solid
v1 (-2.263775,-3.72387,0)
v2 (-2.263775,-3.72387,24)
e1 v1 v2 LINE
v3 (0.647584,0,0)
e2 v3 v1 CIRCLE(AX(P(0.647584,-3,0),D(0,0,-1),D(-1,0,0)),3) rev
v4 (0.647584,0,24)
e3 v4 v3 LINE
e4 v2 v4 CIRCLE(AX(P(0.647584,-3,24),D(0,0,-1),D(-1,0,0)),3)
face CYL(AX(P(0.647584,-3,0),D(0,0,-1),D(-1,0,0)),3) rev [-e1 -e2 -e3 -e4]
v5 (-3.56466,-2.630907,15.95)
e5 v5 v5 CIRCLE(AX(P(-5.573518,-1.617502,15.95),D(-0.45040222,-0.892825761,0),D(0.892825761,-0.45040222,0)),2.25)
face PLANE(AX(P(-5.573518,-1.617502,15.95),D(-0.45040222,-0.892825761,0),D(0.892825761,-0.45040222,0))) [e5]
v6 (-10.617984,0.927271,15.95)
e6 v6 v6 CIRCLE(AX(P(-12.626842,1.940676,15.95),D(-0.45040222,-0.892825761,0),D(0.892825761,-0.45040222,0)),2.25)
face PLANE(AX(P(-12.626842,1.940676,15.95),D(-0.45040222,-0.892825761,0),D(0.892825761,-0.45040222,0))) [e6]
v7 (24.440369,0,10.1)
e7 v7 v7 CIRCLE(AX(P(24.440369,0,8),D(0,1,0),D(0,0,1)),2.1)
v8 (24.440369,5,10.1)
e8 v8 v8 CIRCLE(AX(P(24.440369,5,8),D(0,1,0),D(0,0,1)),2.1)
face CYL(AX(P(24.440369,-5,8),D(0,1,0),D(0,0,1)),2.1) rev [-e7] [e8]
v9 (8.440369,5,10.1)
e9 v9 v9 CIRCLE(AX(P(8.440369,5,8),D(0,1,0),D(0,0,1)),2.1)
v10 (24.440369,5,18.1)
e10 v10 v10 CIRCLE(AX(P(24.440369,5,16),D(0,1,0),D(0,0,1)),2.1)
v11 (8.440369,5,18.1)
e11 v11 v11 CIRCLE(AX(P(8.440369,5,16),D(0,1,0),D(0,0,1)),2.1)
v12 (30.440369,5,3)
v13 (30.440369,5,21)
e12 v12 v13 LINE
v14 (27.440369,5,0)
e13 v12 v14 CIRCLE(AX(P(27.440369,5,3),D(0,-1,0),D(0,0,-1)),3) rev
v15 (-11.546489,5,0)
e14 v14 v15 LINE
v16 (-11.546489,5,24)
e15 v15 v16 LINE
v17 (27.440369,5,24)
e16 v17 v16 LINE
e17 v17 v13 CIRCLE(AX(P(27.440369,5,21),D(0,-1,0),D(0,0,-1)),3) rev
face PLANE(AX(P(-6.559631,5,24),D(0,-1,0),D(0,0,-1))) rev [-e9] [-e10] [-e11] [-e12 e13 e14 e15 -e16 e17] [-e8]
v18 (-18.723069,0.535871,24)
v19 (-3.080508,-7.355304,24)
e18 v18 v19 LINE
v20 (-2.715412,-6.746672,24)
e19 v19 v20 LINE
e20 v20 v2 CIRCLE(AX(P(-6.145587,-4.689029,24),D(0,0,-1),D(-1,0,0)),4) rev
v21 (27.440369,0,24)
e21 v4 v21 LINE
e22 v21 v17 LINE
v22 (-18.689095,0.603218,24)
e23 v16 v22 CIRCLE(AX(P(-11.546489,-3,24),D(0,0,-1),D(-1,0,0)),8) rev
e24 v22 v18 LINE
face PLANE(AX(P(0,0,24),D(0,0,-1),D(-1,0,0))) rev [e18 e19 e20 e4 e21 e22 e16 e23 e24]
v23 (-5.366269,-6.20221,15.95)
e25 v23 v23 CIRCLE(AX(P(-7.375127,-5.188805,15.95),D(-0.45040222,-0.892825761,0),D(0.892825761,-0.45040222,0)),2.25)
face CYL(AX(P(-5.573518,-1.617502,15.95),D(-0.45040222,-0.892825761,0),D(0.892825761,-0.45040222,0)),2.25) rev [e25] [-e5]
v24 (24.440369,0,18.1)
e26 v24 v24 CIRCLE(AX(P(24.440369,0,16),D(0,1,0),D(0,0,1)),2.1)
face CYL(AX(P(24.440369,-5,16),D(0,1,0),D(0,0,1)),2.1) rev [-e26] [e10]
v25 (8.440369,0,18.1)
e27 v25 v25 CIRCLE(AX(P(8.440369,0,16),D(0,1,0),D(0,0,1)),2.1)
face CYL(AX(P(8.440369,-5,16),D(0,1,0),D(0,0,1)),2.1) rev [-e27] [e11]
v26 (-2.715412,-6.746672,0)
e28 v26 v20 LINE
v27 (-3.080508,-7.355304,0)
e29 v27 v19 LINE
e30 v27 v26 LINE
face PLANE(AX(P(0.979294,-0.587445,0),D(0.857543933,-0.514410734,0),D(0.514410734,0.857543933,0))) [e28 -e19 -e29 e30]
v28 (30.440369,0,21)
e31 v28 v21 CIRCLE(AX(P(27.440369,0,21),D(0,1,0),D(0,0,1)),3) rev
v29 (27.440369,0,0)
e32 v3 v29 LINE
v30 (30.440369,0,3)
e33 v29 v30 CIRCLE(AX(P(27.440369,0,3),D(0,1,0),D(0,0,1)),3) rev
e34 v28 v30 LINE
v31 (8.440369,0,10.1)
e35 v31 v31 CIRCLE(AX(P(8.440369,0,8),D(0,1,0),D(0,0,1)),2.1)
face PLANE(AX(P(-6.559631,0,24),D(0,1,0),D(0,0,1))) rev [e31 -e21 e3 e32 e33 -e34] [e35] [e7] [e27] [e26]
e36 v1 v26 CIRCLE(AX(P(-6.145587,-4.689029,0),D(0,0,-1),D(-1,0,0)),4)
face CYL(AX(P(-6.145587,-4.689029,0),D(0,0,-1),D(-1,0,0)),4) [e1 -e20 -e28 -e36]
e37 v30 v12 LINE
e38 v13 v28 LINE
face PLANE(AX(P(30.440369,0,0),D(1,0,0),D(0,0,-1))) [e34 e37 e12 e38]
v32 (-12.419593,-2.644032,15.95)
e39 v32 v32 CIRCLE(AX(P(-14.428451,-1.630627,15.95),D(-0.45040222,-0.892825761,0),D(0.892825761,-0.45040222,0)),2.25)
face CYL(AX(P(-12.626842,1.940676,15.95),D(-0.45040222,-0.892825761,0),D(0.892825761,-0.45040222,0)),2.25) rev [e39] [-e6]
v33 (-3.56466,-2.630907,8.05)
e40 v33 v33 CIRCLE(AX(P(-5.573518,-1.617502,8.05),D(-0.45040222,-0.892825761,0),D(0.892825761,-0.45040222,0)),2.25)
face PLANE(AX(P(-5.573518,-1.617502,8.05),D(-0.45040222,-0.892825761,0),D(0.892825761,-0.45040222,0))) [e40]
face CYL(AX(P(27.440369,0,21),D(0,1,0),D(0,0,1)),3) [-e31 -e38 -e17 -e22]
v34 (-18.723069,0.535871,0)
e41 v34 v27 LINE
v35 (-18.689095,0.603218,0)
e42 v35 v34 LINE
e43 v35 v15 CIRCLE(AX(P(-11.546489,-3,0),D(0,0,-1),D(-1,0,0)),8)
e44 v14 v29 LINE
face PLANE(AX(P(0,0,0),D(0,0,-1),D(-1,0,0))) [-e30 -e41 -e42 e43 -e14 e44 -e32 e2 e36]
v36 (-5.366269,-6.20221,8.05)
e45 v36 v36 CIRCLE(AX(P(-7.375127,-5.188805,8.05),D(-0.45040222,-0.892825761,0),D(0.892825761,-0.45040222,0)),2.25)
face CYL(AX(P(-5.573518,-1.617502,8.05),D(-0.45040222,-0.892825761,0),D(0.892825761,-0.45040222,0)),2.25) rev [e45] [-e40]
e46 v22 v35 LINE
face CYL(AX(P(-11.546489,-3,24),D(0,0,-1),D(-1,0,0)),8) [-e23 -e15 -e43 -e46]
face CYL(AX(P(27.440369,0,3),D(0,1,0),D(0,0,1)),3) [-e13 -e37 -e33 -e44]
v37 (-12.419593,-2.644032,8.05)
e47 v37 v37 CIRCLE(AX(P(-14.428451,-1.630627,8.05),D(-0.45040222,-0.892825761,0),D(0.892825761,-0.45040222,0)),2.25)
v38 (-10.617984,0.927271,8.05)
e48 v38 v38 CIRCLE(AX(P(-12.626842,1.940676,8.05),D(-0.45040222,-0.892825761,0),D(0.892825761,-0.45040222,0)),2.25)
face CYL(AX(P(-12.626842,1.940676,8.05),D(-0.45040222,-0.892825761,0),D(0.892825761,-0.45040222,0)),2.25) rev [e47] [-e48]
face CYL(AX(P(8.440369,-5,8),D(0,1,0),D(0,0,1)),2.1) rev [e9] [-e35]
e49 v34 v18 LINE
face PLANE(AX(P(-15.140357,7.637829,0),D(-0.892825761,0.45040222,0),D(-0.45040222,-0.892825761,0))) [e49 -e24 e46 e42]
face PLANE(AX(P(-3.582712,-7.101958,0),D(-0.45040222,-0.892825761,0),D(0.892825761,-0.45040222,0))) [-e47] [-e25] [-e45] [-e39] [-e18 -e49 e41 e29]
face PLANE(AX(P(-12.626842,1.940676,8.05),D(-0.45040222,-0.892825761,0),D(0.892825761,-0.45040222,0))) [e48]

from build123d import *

# Parameters (mm, degrees)
ESQUISSE1_W             = 17
ESQUISSE1_H             = 5
BOSS_EXTRU_1_DEPTH      = 24
BOSS_EXTRU_2_DEPTH      = 24
CONG_1_R                = 4
CONG_2_R                = 8
CONG_3_R                = 3
ESQUISSE3_W             = 24
ESQUISSE3_H             = 5
BOSS_EXTRU_3_DEPTH      = 20
ESQUISSE4_R             = 2.1
ENL_V_MAT_EXTRU_1_DEPTH = 10
CONG_4_R                = 3
ESQUISSE5_R             = 2.25
ENL_V_MAT_EXTRU_2_DEPTH = 4


with BuildPart() as part:
    # Esquisse1 → Boss.-Extru.1 (new body)
    with BuildSketch(Plane.XY):
        with Locations((1.940369129, 2.5)):
            Rectangle(ESQUISSE1_W, ESQUISSE1_H)
    extrude(amount=BOSS_EXTRU_1_DEPTH)

    # Esquisse2 → Boss.-Extru.2 (add)
    with BuildSketch(Plane.XY.offset(24)):
        Polygon((-18.723069156, 0.535871193), (-3.080508445, -7.355303518), (-0.501566554, -3.056100904), (-16.471058056, 5), align=None)
        Polygon((-6.559630871, 0), (-6.559630871, 5), (-16.471058056, 5), align=None)
    extrude(amount=-BOSS_EXTRU_2_DEPTH)

    # Congé1
    cong_1_edges = [part.edges().sort_by_distance(p)[0] for p in [
        (-0.501566554, -3.056100904, 12),
    ]]
    fillet(cong_1_edges, radius=CONG_1_R)

    # Congé2
    cong_2_edges = [part.edges().sort_by_distance(p)[0] for p in [
        (-16.471058056, 5, 12),
    ]]
    fillet(cong_2_edges, radius=CONG_2_R)

    # Congé3
    cong_3_edges = [part.edges().sort_by_distance(p)[0] for p in [
        (-6.559630871, 0, 12),
    ]]
    fillet(cong_3_edges, radius=CONG_3_R)

    # Esquisse3 → Boss.-Extru.3 (add)
    with BuildSketch(Plane(origin=(10.440369129, 0, 0), x_dir=(0, 0, -1), z_dir=(1, 0, 0))):
        with Locations((-12, 2.5)):
            Rectangle(ESQUISSE3_W, ESQUISSE3_H)
    extrude(amount=BOSS_EXTRU_3_DEPTH)

    # Esquisse4 → Enlèv. mat.-Extru.1 (cut)
    with BuildSketch(Plane(origin=(0, 5, 0), x_dir=(1, 0, 0), z_dir=(0, 1, 0))):
        with Locations((8.440369129, -8)):
            Circle(ESQUISSE4_R)
        with Locations((24.440369129, -8)):
            Circle(ESQUISSE4_R)
        with Locations((8.440369129, -16)):
            Circle(ESQUISSE4_R)
        with Locations((24.440369129, -16)):
            Circle(ESQUISSE4_R)
    extrude(amount=-ENL_V_MAT_EXTRU_1_DEPTH, mode=Mode.SUBTRACT)

    # Congé4
    cong_4_edges = [part.edges().sort_by_distance(p)[0] for p in [
        (30.440369129, 2.5, 0),
        (30.440369129, 2.5, 24),
    ]]
    fillet(cong_4_edges, radius=CONG_4_R)

    # Esquisse5 → Enlèv. mat.-Extru.2 (cut)
    with BuildSketch(Plane(origin=(-3.582711985, -7.101957793, 0), x_dir=(0.892825761, -0.45040222, 0), z_dir=(-0.45040222, -0.892825761, 0))):
        with Locations((-12.147654158, 8.05)):
            Circle(ESQUISSE5_R)
        with Locations((-12.147654158, 15.95)):
            Circle(ESQUISSE5_R)
        with Locations((-4.247654158, 15.95)):
            Circle(ESQUISSE5_R)
        with Locations((-4.247654158, 8.05)):
            Circle(ESQUISSE5_R)
    extrude(amount=-ENL_V_MAT_EXTRU_2_DEPTH, mode=Mode.SUBTRACT)


solid = part.part
